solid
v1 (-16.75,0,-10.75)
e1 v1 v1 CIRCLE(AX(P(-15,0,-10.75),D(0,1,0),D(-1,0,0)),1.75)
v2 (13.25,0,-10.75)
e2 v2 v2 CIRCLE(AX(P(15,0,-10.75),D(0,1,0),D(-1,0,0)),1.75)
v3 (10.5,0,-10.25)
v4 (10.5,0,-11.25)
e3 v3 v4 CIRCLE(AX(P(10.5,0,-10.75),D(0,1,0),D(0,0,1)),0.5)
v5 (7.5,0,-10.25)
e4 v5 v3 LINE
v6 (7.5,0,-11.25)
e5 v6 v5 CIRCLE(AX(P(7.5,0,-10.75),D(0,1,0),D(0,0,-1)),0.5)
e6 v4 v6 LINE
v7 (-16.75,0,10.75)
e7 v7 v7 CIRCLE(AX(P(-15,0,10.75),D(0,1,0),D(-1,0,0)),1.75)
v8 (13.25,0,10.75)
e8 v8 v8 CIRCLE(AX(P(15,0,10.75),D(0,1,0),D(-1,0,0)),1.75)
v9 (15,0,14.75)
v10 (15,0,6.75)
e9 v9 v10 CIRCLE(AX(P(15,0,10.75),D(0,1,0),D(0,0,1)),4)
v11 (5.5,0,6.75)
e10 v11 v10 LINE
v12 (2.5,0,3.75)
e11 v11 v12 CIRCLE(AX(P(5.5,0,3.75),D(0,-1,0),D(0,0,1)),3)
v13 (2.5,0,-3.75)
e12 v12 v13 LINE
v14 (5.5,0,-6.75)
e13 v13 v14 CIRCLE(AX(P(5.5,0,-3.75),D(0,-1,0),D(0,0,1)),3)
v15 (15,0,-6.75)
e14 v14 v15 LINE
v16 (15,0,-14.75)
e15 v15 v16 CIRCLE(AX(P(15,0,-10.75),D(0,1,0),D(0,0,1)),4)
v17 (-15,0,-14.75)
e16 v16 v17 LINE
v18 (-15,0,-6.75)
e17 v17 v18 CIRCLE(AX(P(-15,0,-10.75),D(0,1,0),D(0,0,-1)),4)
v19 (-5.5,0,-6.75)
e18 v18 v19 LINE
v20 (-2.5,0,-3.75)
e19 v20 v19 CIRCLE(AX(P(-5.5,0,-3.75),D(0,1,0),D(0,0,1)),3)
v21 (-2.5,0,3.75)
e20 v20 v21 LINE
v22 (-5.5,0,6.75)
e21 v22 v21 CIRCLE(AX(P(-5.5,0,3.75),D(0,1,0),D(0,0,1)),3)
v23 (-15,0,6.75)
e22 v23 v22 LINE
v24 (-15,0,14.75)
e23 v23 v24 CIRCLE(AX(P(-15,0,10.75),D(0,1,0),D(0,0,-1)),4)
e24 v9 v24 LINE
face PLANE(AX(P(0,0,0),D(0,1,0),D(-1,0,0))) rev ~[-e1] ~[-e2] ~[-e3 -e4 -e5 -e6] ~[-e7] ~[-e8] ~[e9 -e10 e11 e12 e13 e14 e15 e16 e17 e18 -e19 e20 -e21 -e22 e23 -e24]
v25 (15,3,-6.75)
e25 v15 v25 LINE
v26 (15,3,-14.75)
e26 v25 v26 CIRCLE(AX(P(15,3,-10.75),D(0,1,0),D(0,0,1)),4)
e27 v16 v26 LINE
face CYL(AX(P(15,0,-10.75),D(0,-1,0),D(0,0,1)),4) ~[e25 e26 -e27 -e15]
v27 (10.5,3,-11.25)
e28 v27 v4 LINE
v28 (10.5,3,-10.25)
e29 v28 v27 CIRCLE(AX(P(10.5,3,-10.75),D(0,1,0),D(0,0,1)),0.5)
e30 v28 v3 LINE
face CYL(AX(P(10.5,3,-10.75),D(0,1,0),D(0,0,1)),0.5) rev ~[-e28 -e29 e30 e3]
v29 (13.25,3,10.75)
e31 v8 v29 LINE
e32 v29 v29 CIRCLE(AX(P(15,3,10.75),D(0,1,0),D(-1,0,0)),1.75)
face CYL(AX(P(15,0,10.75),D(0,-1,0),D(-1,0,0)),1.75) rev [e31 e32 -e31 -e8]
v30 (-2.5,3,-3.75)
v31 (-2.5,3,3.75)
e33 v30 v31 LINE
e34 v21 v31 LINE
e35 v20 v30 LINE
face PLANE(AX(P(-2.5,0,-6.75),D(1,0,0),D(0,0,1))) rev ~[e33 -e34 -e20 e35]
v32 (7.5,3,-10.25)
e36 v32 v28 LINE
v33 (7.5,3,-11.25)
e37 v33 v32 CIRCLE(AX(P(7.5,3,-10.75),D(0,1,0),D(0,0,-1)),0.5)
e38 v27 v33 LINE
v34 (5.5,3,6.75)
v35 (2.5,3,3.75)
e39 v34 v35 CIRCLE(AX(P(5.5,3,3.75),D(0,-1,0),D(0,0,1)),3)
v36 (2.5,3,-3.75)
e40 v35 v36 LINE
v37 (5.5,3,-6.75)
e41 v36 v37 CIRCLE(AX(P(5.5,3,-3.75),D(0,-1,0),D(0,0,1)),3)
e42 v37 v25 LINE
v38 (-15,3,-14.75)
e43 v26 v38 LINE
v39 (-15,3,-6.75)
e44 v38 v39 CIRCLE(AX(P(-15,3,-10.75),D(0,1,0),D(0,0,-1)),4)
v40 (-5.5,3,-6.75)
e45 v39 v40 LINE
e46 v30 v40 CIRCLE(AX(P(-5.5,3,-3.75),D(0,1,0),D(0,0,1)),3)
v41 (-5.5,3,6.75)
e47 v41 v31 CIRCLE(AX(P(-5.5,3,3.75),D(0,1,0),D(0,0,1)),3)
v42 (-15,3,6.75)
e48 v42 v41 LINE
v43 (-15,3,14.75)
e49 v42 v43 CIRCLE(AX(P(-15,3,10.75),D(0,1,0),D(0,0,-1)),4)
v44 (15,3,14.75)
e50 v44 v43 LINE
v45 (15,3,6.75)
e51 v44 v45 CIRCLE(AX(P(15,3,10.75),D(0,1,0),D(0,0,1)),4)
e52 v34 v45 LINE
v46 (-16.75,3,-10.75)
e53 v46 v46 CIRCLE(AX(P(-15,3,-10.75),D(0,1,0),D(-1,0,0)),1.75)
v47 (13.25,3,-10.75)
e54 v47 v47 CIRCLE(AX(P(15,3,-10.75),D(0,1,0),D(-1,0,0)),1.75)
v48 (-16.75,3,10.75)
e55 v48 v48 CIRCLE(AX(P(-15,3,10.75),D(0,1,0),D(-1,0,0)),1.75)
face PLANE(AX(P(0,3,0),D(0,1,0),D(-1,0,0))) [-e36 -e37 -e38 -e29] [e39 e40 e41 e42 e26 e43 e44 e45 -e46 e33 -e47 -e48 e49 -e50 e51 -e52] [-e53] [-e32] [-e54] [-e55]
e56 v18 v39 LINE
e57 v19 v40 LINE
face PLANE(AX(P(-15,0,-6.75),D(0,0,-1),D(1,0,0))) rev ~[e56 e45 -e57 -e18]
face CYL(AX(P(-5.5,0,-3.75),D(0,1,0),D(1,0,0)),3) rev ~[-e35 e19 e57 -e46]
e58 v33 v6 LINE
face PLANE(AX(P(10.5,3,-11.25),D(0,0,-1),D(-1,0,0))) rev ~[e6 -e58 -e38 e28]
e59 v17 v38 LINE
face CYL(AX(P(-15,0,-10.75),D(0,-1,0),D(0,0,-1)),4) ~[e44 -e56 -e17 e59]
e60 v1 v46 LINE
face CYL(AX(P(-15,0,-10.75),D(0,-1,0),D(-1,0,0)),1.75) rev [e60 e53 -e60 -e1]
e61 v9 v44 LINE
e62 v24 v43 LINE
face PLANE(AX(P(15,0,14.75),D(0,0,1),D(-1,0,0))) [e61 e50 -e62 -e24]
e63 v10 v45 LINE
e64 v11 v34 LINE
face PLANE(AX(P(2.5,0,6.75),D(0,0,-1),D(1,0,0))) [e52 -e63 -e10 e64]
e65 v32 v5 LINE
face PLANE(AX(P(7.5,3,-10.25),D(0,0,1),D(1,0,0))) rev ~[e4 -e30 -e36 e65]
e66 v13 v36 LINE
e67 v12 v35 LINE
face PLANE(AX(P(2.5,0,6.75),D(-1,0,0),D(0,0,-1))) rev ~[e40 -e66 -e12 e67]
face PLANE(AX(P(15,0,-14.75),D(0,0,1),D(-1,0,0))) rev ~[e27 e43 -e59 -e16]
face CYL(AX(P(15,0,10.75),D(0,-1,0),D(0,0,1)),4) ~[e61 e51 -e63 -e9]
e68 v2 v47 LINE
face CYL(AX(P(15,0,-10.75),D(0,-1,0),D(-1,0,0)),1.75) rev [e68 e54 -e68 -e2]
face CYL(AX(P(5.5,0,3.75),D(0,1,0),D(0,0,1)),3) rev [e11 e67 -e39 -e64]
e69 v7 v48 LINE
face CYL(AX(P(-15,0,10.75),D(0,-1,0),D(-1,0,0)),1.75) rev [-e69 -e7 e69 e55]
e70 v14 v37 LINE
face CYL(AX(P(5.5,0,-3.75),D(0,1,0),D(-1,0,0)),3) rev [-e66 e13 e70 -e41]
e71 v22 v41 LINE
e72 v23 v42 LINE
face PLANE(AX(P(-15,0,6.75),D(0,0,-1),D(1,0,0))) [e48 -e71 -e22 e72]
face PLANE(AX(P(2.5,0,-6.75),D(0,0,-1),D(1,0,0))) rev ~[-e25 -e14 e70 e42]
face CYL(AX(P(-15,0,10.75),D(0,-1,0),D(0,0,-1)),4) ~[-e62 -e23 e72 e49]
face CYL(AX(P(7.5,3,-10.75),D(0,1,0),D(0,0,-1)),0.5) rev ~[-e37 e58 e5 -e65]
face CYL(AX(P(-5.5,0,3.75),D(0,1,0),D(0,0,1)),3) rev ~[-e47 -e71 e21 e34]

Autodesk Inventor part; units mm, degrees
ref_plane "YZ Plane" through (0, 0, 0) normal (1, 0, 0) x (0, 1, 0)
ref_plane "XZ Plane" through (0, 0, 0) normal (0, 1, 0) x (-1, 0, 0)
ref_plane "XY Plane" through (0, 0, 0) normal (0, 0, 1) x (1, 0, 0)
sketch "Эскиз1" plane through (0, 0, 0) normal (0, 1, 0) x (-1, 0, 0)
  circle A0 centre (15, 10.75) radius 1.75
  circle A1 centre (15, -10.75) radius 1.75
  circle A2 centre (-15, 10.75) radius 1.75
  circle A3 centre (-15, -10.75) radius 1.75
  line L0 (15, 10.75) -> (-15, 10.75) construction
  line L1 (15, 6.75) -> (-15, 6.75)
  line L2 (-15, 14.75) -> (15, 14.75)
  arc A4 (15, 6.75) -> (15, 14.75) centre (15, 10.75) ccw
  arc A5 (-15, 14.75) -> (-15, 6.75) centre (-15, 10.75) ccw
  line L3 (15, -10.75) -> (-15, -10.75) construction
  line L4 (15, -6.75) -> (-15, -6.75)
  line L5 (-15, -14.75) -> (15, -14.75)
  arc A6 (15, -14.75) -> (15, -6.75) centre (15, -10.75) ccw
  arc A7 (-15, -6.75) -> (-15, -14.75) centre (-15, -10.75) ccw
  line L6 (-2.5, -6.75) -> (2.5, -6.75)
  line L7 (2.5, -6.75) -> (2.5, 6.75)
  line L8 (2.5, 6.75) -> (-2.5, 6.75)
  line L9 (-2.5, 6.75) -> (-2.5, -6.75)
  line L10 (-2.5, -6.75) -> (2.5, 6.75) construction
  line L11 (2.5, -6.75) -> (-2.5, 6.75) construction
  point P0 (0, 0)
  point P1 (0, 10.75)
  point P2 (0, -10.75)
  dimension "d0" = 3.5
  dimension "d1" = 21.5
  dimension "d2" = 21.5
  dimension "d3" = 30
  dimension "d4" = 30
  dimension "d5" = 0
  dimension "d6" = 0
  dimension "d7" = 15
  dimension "d8" = 10.75
  dimension "d9" = 30
  dimension "d10" = 4
  dimension "d11" = 30
  dimension "d12" = 4
  dimension "d13" = 5
extrude "Выдавливание1" add sketch "Эскиз1" along normal blind 3
fillet "Сопряжение1" radius 3 4 edges at (-2.5, 1.5, -6.75) (-2.5, 1.5, 6.75) (2.5, 1.5, 6.75) (2.5, 1.5, -6.75)
sketch "Эскиз2" plane through (0, 3, 0) normal (0, 1, 0) x (1, 0, 0)
  line L0 (11, 10.75) -> (7, 10.75) construction
  line L1 (10.5, 11.25) -> (7.5, 11.25)
  line L2 (7.5, 10.25) -> (10.5, 10.25)
  arc A0 (10.5, 10.25) -> (10.5, 11.25) centre (10.5, 10.75) ccw
  arc A1 (7.5, 11.25) -> (7.5, 10.25) centre (7.5, 10.75) ccw
  point P0 (0, 0)
  point P1 (9, 10.75)
  point P2 (15, 10.75)
  dimension "d17" = 1
  dimension "d18" = 3
  dimension "d19" = 0
  dimension "d20" = 4
extrude "Выдавливание2" cut sketch "Эскиз2" against normal blind 3
properties part number "Base"
